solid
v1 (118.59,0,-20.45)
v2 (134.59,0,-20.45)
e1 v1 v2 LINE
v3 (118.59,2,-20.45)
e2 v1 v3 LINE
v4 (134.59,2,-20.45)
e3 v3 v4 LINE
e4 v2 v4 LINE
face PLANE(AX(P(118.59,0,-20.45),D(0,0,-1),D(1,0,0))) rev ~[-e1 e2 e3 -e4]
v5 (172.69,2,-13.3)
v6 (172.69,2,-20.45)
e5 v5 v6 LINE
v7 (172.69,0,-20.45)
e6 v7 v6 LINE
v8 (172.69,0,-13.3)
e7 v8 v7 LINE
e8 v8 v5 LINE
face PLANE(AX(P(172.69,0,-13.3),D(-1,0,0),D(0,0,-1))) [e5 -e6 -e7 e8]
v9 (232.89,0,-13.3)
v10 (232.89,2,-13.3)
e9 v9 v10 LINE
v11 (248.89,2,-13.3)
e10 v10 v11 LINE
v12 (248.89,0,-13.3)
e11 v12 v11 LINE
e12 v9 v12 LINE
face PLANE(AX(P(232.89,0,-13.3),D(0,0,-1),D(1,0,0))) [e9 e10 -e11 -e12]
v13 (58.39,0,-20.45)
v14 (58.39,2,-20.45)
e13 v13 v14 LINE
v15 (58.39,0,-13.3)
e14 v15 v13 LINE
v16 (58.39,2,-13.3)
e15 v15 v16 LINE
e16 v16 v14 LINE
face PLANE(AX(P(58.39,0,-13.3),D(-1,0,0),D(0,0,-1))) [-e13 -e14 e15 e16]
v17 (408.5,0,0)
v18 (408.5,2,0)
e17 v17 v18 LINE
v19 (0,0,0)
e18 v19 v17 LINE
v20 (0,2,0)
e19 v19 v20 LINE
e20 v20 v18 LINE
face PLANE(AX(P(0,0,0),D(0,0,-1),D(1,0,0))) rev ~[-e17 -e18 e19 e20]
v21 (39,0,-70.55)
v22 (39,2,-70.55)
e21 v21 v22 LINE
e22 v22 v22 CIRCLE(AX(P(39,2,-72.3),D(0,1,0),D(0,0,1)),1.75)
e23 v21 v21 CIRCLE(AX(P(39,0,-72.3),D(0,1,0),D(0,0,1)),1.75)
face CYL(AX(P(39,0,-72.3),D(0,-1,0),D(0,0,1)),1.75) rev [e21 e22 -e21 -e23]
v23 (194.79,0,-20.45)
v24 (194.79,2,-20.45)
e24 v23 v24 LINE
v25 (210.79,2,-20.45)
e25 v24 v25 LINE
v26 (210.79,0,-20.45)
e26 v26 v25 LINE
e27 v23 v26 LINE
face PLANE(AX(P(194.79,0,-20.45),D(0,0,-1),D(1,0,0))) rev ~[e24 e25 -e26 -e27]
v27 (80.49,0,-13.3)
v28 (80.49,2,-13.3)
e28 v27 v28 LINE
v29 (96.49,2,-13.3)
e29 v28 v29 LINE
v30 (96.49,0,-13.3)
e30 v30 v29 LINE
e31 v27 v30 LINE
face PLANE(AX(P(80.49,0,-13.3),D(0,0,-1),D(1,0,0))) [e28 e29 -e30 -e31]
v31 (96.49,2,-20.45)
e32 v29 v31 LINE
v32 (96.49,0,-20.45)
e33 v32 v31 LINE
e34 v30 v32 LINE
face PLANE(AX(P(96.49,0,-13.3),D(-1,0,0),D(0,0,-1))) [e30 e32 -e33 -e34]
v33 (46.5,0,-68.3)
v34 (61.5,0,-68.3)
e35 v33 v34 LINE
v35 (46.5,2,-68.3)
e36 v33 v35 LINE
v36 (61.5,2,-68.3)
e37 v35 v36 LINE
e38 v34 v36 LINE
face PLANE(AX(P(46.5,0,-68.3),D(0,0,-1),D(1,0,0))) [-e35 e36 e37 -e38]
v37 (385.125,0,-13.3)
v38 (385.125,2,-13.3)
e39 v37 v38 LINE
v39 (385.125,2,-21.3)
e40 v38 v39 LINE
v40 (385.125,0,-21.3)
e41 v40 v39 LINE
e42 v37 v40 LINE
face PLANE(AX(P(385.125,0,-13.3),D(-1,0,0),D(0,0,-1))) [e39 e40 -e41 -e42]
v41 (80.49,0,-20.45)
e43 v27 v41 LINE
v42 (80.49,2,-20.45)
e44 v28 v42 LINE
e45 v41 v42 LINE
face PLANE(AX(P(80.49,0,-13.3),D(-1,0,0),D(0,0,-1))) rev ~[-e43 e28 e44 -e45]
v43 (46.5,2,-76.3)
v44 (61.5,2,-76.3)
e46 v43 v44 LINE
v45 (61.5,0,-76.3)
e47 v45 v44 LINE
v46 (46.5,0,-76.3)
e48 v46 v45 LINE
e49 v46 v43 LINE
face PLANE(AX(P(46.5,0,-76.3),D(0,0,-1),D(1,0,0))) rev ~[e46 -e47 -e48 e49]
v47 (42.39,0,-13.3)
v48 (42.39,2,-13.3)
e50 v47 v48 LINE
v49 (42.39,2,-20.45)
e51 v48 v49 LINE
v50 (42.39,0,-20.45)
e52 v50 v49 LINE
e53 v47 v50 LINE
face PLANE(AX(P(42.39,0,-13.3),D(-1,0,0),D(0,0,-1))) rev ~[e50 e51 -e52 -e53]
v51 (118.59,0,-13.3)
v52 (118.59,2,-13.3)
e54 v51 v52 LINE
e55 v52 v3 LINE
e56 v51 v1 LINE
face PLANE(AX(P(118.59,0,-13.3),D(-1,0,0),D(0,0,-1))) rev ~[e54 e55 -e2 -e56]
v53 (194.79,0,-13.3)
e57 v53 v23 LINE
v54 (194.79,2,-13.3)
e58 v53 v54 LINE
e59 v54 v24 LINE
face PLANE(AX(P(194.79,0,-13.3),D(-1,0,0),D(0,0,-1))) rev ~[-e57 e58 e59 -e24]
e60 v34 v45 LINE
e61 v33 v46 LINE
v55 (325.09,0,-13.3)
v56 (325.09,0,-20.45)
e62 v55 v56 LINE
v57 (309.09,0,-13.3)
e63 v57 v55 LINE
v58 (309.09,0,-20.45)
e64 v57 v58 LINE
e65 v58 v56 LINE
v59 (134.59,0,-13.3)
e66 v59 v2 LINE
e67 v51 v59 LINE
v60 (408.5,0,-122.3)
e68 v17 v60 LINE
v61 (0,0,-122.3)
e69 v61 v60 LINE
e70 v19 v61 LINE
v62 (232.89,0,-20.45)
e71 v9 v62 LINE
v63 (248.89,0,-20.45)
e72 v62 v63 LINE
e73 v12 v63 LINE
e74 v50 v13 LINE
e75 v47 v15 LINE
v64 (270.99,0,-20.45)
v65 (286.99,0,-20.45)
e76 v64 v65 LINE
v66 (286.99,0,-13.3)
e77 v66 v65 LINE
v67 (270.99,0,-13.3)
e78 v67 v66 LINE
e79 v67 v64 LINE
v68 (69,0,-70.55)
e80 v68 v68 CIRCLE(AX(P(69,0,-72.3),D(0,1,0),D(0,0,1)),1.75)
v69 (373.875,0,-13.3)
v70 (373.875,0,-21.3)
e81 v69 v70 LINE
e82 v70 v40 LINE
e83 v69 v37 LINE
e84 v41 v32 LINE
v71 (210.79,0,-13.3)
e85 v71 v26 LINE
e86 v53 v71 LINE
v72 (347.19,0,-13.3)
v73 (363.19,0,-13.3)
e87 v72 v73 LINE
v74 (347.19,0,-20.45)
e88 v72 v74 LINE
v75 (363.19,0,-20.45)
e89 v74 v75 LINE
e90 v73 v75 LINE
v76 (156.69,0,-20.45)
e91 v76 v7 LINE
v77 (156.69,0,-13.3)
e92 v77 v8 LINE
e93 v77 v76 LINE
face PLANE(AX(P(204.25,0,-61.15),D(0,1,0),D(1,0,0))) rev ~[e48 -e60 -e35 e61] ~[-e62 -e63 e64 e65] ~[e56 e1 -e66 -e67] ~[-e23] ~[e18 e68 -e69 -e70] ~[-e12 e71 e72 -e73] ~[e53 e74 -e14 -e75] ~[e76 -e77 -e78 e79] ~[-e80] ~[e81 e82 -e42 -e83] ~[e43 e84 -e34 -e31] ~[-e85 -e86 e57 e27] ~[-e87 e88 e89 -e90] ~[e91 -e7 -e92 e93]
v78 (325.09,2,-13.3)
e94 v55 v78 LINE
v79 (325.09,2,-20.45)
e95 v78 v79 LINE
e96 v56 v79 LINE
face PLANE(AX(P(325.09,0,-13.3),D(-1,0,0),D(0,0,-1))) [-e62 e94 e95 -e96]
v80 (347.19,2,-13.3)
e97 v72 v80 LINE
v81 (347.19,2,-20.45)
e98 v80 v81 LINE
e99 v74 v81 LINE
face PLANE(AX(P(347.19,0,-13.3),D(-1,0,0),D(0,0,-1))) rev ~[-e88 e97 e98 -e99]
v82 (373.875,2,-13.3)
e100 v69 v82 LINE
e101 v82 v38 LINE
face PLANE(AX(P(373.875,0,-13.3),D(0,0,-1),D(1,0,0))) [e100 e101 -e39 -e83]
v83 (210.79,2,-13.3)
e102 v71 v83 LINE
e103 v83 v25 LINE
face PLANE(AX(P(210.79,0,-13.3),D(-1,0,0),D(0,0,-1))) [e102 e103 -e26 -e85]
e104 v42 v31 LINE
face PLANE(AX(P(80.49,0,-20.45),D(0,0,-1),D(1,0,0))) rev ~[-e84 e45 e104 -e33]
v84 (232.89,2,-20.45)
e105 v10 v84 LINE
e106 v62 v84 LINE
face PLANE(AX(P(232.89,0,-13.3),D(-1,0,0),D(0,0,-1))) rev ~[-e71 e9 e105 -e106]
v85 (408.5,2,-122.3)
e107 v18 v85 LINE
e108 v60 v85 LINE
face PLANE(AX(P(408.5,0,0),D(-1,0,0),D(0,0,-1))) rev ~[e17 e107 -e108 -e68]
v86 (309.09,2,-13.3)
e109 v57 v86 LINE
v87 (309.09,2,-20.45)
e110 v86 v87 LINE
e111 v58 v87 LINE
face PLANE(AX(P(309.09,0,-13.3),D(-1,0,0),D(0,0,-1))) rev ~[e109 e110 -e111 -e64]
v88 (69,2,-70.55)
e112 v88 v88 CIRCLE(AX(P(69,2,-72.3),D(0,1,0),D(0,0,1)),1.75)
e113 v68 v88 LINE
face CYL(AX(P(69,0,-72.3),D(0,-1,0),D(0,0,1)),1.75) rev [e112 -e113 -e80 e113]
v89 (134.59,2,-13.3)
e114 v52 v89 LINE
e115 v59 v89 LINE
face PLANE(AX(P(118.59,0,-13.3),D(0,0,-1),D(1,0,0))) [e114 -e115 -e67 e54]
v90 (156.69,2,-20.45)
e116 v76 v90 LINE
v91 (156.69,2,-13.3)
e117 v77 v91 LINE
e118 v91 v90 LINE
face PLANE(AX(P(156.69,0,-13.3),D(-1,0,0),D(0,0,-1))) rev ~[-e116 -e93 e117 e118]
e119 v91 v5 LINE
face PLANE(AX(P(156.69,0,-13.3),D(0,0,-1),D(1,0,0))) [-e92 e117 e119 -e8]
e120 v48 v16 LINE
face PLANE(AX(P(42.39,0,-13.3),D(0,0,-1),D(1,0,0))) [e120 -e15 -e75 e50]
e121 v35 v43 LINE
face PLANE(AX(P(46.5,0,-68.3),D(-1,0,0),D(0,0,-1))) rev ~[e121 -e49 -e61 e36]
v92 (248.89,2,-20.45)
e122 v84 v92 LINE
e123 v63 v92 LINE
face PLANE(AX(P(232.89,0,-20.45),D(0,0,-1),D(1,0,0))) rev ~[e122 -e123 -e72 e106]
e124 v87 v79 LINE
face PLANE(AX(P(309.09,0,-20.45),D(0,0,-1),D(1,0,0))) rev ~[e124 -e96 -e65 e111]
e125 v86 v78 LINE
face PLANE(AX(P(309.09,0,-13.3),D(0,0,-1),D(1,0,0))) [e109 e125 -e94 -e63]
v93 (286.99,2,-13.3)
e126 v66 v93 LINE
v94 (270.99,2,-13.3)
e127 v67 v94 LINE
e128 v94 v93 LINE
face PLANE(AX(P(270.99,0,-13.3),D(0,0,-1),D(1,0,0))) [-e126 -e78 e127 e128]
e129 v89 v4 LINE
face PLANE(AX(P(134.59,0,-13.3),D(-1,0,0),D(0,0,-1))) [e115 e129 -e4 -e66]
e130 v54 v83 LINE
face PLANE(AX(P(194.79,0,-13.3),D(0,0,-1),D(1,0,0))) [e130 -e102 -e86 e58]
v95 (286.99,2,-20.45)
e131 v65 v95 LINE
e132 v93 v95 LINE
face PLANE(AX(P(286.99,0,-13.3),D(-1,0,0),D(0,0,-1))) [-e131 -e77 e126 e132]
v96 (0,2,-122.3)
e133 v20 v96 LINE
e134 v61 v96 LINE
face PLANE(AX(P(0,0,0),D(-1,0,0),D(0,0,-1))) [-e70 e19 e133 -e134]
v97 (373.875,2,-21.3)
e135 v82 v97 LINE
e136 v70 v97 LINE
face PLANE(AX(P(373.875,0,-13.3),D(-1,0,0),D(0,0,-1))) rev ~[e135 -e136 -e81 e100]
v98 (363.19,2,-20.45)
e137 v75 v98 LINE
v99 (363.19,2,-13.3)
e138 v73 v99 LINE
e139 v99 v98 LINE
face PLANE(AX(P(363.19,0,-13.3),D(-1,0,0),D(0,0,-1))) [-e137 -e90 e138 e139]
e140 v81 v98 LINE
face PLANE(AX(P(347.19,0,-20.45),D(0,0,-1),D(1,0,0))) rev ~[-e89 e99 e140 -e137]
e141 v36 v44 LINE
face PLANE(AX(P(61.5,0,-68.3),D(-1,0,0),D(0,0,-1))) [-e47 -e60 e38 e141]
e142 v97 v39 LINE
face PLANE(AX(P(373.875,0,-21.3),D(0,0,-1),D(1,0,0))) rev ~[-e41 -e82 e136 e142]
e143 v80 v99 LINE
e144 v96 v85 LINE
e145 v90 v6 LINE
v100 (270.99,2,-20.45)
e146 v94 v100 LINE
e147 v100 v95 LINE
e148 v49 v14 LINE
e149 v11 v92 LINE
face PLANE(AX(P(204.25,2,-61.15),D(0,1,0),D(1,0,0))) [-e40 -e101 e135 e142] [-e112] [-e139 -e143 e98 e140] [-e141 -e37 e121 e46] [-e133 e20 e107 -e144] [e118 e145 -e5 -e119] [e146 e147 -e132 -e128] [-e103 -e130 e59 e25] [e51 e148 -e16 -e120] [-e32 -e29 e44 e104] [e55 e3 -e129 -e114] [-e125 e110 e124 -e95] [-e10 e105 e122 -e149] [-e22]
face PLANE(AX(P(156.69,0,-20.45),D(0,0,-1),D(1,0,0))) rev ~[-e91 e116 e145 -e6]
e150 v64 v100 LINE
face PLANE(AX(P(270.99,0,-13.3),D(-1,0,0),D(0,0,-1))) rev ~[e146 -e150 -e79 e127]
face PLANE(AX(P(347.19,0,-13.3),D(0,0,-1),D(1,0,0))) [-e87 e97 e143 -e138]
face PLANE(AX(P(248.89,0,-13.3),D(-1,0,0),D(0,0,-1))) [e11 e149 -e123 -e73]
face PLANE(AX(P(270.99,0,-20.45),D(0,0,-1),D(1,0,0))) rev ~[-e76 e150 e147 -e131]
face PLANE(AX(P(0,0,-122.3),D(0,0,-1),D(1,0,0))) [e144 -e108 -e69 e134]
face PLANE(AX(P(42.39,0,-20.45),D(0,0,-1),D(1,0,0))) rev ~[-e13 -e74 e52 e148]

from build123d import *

# Parameters (mm, degrees)
SKETCH1_W           = 408.5
SKETCH1_H           = 122.3
SKETCH1_R           = 1.75
SKETCH1_W_2         = 16
SKETCH1_H_2         = 7.15
SKETCH1_W_3         = 11.25
SKETCH1_H_3         = 8
SKETCH1_W_4         = 15
BOSS_EXTRUDE1_DEPTH = 2


with BuildPart() as part:
    # Sketch1 → Boss-Extrude1 (new body)
    with BuildSketch(Plane(origin=(0, 0, 0), x_dir=(1, 0, 0), z_dir=(0, 1, 0))):
        with Locations((204.25, 61.15)):
            Rectangle(SKETCH1_W, SKETCH1_H)
        with Locations(Location((39, 72.3, 0), (0, 0, 270))):
            Circle(SKETCH1_R, mode=Mode.SUBTRACT)
        with Locations(Location((69, 72.3, 0), (0, 0, 270))):
            Circle(SKETCH1_R, mode=Mode.SUBTRACT)
        with Locations((317.09, 16.875)):
            Rectangle(SKETCH1_W_2, SKETCH1_H_2, mode=Mode.SUBTRACT)
        with Locations((379.5, 17.3)):
            Rectangle(SKETCH1_W_3, SKETCH1_H_3, mode=Mode.SUBTRACT)
        with Locations((355.19, 16.875)):
            Rectangle(SKETCH1_W_2, SKETCH1_H_2, mode=Mode.SUBTRACT)
        with Locations((278.99, 16.875)):
            Rectangle(SKETCH1_W_2, SKETCH1_H_2, mode=Mode.SUBTRACT)
        with Locations((240.89, 16.875)):
            Rectangle(SKETCH1_W_2, SKETCH1_H_2, mode=Mode.SUBTRACT)
        with Locations((202.79, 16.875)):
            Rectangle(SKETCH1_W_2, SKETCH1_H_2, mode=Mode.SUBTRACT)
        with Locations((164.69, 16.875)):
            Rectangle(SKETCH1_W_2, SKETCH1_H_2, mode=Mode.SUBTRACT)
        with Locations((126.59, 16.875)):
            Rectangle(SKETCH1_W_2, SKETCH1_H_2, mode=Mode.SUBTRACT)
        with Locations((88.49, 16.875)):
            Rectangle(SKETCH1_W_2, SKETCH1_H_2, mode=Mode.SUBTRACT)
        with Locations((50.39, 16.875)):
            Rectangle(SKETCH1_W_2, SKETCH1_H_2, mode=Mode.SUBTRACT)
        with Locations((54, 72.3)):
            Rectangle(SKETCH1_W_4, SKETCH1_H_3, mode=Mode.SUBTRACT)
    extrude(amount=BOSS_EXTRUDE1_DEPTH)


solid = part.part
